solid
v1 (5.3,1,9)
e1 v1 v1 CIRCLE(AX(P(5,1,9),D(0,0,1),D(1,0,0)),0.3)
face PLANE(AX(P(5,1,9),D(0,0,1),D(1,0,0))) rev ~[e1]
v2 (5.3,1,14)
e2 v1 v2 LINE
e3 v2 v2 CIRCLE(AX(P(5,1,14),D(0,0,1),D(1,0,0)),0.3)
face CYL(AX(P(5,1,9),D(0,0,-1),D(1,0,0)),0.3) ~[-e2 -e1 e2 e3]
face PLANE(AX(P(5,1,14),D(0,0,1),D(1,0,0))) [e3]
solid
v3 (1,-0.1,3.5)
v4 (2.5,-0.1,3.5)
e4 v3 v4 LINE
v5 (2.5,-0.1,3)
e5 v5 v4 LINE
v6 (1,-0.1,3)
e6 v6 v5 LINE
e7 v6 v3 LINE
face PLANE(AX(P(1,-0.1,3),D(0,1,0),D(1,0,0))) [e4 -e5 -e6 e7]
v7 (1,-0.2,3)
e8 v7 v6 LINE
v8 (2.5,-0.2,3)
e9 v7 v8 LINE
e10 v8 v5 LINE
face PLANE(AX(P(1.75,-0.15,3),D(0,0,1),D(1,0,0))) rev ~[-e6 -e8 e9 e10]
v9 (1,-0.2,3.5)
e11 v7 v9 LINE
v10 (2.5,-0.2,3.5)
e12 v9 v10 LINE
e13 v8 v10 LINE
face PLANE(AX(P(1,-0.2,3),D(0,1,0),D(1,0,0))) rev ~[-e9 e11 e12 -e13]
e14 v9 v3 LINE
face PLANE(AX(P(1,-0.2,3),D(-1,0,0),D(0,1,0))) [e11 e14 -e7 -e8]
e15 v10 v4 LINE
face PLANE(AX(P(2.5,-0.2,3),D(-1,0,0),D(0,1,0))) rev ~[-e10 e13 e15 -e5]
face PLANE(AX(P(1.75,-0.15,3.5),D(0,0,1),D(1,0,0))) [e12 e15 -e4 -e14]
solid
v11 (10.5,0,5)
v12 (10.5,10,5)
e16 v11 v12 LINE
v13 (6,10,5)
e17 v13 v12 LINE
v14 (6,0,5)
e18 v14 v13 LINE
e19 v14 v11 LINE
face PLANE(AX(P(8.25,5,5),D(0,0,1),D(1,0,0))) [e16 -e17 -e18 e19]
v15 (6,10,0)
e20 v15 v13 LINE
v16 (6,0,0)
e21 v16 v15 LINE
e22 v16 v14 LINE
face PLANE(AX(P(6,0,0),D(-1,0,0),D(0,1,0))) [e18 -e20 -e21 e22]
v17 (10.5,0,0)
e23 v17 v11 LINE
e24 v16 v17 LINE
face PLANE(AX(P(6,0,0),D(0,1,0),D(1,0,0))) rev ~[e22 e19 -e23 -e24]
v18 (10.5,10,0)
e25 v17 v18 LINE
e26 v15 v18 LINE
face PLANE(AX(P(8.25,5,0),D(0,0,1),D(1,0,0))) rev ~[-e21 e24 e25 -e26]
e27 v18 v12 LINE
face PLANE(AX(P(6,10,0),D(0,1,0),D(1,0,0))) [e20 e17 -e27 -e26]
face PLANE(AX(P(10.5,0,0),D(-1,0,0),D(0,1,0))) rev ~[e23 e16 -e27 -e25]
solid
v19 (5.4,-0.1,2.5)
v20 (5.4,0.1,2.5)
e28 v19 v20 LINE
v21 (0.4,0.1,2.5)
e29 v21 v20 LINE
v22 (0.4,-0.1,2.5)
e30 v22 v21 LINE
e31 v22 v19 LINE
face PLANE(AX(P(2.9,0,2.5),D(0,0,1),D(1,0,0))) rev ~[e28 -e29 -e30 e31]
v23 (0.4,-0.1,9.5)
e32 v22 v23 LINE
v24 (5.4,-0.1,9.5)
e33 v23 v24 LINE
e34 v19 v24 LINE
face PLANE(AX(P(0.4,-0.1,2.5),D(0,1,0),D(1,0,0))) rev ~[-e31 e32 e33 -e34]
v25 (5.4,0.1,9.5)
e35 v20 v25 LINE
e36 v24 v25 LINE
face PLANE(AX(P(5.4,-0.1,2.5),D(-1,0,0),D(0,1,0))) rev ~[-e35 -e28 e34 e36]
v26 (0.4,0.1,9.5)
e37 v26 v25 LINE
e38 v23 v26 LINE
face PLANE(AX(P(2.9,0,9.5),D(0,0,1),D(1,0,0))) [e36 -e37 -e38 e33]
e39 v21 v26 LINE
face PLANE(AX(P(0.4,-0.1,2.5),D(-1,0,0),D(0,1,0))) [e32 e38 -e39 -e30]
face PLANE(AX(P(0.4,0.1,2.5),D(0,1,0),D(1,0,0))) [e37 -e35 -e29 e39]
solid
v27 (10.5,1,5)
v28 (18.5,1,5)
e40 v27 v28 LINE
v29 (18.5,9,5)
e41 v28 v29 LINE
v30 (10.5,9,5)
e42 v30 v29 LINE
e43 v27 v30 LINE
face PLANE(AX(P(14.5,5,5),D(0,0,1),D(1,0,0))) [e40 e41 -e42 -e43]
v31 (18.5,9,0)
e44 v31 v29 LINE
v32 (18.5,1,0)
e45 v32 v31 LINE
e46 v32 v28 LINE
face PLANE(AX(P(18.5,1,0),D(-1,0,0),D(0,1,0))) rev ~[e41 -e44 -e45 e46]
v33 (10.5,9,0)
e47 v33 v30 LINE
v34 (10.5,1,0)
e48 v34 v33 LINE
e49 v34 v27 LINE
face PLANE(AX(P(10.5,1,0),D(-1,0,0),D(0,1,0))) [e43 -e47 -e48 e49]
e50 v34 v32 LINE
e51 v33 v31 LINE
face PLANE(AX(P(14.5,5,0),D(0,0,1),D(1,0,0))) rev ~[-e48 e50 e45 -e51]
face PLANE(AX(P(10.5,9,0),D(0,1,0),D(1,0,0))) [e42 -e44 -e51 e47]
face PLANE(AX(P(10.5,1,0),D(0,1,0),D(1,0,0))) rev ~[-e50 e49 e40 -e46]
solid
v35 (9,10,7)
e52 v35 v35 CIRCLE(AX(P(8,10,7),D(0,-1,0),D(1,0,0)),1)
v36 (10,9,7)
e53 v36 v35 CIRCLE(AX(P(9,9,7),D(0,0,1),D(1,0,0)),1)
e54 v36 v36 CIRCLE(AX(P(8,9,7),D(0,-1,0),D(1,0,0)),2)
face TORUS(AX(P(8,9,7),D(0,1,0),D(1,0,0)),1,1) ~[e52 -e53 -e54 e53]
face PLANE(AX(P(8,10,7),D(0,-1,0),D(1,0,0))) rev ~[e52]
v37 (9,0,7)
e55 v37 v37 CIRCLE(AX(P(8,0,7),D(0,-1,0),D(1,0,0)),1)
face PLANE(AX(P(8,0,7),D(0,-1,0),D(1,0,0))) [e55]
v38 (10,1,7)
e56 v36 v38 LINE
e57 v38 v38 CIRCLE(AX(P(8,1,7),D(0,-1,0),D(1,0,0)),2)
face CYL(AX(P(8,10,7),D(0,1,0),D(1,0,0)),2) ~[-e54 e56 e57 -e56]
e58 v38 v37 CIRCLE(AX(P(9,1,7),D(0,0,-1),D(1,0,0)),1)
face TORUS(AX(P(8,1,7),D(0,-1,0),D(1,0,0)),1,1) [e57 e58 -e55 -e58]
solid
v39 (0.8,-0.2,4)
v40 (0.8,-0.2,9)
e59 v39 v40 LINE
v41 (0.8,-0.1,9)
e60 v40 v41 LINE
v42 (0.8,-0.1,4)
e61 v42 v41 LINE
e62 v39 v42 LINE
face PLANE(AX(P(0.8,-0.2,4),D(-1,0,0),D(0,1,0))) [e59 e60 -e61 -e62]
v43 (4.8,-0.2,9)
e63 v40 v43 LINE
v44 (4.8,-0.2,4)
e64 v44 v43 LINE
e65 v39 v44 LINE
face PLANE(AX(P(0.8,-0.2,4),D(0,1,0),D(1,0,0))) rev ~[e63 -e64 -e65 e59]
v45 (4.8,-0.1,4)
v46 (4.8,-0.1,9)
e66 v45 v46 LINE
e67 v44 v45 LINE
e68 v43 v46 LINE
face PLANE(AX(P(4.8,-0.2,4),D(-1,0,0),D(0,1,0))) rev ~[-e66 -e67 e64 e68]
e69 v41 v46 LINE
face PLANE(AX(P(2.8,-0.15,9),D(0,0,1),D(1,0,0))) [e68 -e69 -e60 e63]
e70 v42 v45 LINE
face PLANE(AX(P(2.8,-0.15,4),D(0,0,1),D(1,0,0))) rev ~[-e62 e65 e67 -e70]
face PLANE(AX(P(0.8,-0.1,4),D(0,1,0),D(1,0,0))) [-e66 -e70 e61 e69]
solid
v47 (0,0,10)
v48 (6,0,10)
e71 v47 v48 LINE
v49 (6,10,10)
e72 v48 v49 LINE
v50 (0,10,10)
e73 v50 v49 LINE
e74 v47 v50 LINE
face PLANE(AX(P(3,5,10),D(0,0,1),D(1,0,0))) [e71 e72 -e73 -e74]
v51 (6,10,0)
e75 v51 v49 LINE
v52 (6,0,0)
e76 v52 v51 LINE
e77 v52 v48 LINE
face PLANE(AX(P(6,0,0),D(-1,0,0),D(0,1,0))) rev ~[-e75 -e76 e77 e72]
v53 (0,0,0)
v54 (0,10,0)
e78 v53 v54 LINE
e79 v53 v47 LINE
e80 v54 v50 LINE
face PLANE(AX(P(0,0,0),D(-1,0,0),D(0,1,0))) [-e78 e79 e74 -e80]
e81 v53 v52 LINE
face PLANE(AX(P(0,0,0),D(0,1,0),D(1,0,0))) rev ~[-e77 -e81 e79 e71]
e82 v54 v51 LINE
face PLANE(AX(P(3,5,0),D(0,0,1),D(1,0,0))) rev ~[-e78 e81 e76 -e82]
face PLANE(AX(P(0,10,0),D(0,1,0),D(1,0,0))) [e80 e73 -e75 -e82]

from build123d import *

# Parameters (mm, degrees)
BOX_W             = 6
BOX_H             = 10
BOX_DEPTH         = 10
BOX001_W          = 4.5
BOX001_H          = 10
BOX001_DEPTH      = 5
CYLINDER_R        = 2
CYLINDER_DEPTH    = 10
FILLET_R          = 1
BOX002_W          = 4
BOX002_H          = 0.1
BOX002_DEPTH      = 5
BOX003_W          = 5
BOX003_H          = 0.2
BOX003_DEPTH      = 7
BOX004_W          = 1.5
BOX004_H          = 0.1
BOX004_DEPTH      = 0.5
CYLINDER001_R     = 0.3
CYLINDER001_DEPTH = 5
BOX005_W          = 8
BOX005_H          = 8
BOX005_DEPTH      = 5


with BuildPart() as cap_camio:
    # Box → Box (new body)
    with BuildSketch(Plane.XY):
        with Locations((3, 5)):
            Rectangle(BOX_W, BOX_H)
    extrude(amount=BOX_DEPTH)


with BuildPart() as darrer_camio:
    # Box001 → Box001 (new body)
    with BuildSketch(Plane(origin=(6, 0, 0), x_dir=(1, 0, 0), z_dir=(0, 0, 1))):
        with Locations((2.25, 5)):
            Rectangle(BOX001_W, BOX001_H)
    extrude(amount=BOX001_DEPTH)


with BuildPart() as combustible:
    # Cylinder → Cylinder (new body)
    with BuildSketch(Plane(origin=(8, 10, 7), x_dir=(1, 0, 0), z_dir=(0, -1, 0))):
        Circle(CYLINDER_R)
    extrude(amount=CYLINDER_DEPTH)

    # Fillet
    fillet_edges = [combustible.edges().sort_by_distance(p)[0] for p in [
        (6, 10, 7),
        (6, 0, 7),
    ]]
    fillet(fillet_edges, radius=FILLET_R)


with BuildPart() as finestra:
    # Box002 → Box002 (new body)
    with BuildSketch(Plane(origin=(0.8, -0.2, 4), x_dir=(1, 0, 0), z_dir=(0, 0, 1))):
        with Locations((2, 0.05)):
            Rectangle(BOX002_W, BOX002_H)
    extrude(amount=BOX002_DEPTH)


with BuildPart() as porta:
    # Box003 → Box003 (new body)
    with BuildSketch(Plane(origin=(0.4, -0.1, 2.5), x_dir=(1, 0, 0), z_dir=(0, 0, 1))):
        with Locations((2.5, 0.1)):
            Rectangle(BOX003_W, BOX003_H)
    extrude(amount=BOX003_DEPTH)


with BuildPart() as maneta:
    # Box004 → Box004 (new body)
    with BuildSketch(Plane(origin=(1, -0.2, 3), x_dir=(1, 0, 0), z_dir=(0, 0, 1))):
        with Locations((0.75, 0.05)):
            Rectangle(BOX004_W, BOX004_H)
    extrude(amount=BOX004_DEPTH)


with BuildPart() as cilindre001:
    # Cylinder001 → Cylinder001 (new body)
    with BuildSketch(Plane(origin=(5, 1, 9), x_dir=(1, 0, 0), z_dir=(0, 0, 1))):
        Circle(CYLINDER001_R)
    extrude(amount=CYLINDER001_DEPTH)


with BuildPart() as cub:
    # Box005 → Box005 (new body)
    with BuildSketch(Plane(origin=(10.5, 1, 0), x_dir=(1, 0, 0), z_dir=(0, 0, 1))):
        with Locations((4, 4)):
            Rectangle(BOX005_W, BOX005_H)
    extrude(amount=BOX005_DEPTH)


solid = Compound([cap_camio.part, darrer_camio.part, combustible.part, finestra.part, porta.part, maneta.part, cilindre001.part, cub.part])
